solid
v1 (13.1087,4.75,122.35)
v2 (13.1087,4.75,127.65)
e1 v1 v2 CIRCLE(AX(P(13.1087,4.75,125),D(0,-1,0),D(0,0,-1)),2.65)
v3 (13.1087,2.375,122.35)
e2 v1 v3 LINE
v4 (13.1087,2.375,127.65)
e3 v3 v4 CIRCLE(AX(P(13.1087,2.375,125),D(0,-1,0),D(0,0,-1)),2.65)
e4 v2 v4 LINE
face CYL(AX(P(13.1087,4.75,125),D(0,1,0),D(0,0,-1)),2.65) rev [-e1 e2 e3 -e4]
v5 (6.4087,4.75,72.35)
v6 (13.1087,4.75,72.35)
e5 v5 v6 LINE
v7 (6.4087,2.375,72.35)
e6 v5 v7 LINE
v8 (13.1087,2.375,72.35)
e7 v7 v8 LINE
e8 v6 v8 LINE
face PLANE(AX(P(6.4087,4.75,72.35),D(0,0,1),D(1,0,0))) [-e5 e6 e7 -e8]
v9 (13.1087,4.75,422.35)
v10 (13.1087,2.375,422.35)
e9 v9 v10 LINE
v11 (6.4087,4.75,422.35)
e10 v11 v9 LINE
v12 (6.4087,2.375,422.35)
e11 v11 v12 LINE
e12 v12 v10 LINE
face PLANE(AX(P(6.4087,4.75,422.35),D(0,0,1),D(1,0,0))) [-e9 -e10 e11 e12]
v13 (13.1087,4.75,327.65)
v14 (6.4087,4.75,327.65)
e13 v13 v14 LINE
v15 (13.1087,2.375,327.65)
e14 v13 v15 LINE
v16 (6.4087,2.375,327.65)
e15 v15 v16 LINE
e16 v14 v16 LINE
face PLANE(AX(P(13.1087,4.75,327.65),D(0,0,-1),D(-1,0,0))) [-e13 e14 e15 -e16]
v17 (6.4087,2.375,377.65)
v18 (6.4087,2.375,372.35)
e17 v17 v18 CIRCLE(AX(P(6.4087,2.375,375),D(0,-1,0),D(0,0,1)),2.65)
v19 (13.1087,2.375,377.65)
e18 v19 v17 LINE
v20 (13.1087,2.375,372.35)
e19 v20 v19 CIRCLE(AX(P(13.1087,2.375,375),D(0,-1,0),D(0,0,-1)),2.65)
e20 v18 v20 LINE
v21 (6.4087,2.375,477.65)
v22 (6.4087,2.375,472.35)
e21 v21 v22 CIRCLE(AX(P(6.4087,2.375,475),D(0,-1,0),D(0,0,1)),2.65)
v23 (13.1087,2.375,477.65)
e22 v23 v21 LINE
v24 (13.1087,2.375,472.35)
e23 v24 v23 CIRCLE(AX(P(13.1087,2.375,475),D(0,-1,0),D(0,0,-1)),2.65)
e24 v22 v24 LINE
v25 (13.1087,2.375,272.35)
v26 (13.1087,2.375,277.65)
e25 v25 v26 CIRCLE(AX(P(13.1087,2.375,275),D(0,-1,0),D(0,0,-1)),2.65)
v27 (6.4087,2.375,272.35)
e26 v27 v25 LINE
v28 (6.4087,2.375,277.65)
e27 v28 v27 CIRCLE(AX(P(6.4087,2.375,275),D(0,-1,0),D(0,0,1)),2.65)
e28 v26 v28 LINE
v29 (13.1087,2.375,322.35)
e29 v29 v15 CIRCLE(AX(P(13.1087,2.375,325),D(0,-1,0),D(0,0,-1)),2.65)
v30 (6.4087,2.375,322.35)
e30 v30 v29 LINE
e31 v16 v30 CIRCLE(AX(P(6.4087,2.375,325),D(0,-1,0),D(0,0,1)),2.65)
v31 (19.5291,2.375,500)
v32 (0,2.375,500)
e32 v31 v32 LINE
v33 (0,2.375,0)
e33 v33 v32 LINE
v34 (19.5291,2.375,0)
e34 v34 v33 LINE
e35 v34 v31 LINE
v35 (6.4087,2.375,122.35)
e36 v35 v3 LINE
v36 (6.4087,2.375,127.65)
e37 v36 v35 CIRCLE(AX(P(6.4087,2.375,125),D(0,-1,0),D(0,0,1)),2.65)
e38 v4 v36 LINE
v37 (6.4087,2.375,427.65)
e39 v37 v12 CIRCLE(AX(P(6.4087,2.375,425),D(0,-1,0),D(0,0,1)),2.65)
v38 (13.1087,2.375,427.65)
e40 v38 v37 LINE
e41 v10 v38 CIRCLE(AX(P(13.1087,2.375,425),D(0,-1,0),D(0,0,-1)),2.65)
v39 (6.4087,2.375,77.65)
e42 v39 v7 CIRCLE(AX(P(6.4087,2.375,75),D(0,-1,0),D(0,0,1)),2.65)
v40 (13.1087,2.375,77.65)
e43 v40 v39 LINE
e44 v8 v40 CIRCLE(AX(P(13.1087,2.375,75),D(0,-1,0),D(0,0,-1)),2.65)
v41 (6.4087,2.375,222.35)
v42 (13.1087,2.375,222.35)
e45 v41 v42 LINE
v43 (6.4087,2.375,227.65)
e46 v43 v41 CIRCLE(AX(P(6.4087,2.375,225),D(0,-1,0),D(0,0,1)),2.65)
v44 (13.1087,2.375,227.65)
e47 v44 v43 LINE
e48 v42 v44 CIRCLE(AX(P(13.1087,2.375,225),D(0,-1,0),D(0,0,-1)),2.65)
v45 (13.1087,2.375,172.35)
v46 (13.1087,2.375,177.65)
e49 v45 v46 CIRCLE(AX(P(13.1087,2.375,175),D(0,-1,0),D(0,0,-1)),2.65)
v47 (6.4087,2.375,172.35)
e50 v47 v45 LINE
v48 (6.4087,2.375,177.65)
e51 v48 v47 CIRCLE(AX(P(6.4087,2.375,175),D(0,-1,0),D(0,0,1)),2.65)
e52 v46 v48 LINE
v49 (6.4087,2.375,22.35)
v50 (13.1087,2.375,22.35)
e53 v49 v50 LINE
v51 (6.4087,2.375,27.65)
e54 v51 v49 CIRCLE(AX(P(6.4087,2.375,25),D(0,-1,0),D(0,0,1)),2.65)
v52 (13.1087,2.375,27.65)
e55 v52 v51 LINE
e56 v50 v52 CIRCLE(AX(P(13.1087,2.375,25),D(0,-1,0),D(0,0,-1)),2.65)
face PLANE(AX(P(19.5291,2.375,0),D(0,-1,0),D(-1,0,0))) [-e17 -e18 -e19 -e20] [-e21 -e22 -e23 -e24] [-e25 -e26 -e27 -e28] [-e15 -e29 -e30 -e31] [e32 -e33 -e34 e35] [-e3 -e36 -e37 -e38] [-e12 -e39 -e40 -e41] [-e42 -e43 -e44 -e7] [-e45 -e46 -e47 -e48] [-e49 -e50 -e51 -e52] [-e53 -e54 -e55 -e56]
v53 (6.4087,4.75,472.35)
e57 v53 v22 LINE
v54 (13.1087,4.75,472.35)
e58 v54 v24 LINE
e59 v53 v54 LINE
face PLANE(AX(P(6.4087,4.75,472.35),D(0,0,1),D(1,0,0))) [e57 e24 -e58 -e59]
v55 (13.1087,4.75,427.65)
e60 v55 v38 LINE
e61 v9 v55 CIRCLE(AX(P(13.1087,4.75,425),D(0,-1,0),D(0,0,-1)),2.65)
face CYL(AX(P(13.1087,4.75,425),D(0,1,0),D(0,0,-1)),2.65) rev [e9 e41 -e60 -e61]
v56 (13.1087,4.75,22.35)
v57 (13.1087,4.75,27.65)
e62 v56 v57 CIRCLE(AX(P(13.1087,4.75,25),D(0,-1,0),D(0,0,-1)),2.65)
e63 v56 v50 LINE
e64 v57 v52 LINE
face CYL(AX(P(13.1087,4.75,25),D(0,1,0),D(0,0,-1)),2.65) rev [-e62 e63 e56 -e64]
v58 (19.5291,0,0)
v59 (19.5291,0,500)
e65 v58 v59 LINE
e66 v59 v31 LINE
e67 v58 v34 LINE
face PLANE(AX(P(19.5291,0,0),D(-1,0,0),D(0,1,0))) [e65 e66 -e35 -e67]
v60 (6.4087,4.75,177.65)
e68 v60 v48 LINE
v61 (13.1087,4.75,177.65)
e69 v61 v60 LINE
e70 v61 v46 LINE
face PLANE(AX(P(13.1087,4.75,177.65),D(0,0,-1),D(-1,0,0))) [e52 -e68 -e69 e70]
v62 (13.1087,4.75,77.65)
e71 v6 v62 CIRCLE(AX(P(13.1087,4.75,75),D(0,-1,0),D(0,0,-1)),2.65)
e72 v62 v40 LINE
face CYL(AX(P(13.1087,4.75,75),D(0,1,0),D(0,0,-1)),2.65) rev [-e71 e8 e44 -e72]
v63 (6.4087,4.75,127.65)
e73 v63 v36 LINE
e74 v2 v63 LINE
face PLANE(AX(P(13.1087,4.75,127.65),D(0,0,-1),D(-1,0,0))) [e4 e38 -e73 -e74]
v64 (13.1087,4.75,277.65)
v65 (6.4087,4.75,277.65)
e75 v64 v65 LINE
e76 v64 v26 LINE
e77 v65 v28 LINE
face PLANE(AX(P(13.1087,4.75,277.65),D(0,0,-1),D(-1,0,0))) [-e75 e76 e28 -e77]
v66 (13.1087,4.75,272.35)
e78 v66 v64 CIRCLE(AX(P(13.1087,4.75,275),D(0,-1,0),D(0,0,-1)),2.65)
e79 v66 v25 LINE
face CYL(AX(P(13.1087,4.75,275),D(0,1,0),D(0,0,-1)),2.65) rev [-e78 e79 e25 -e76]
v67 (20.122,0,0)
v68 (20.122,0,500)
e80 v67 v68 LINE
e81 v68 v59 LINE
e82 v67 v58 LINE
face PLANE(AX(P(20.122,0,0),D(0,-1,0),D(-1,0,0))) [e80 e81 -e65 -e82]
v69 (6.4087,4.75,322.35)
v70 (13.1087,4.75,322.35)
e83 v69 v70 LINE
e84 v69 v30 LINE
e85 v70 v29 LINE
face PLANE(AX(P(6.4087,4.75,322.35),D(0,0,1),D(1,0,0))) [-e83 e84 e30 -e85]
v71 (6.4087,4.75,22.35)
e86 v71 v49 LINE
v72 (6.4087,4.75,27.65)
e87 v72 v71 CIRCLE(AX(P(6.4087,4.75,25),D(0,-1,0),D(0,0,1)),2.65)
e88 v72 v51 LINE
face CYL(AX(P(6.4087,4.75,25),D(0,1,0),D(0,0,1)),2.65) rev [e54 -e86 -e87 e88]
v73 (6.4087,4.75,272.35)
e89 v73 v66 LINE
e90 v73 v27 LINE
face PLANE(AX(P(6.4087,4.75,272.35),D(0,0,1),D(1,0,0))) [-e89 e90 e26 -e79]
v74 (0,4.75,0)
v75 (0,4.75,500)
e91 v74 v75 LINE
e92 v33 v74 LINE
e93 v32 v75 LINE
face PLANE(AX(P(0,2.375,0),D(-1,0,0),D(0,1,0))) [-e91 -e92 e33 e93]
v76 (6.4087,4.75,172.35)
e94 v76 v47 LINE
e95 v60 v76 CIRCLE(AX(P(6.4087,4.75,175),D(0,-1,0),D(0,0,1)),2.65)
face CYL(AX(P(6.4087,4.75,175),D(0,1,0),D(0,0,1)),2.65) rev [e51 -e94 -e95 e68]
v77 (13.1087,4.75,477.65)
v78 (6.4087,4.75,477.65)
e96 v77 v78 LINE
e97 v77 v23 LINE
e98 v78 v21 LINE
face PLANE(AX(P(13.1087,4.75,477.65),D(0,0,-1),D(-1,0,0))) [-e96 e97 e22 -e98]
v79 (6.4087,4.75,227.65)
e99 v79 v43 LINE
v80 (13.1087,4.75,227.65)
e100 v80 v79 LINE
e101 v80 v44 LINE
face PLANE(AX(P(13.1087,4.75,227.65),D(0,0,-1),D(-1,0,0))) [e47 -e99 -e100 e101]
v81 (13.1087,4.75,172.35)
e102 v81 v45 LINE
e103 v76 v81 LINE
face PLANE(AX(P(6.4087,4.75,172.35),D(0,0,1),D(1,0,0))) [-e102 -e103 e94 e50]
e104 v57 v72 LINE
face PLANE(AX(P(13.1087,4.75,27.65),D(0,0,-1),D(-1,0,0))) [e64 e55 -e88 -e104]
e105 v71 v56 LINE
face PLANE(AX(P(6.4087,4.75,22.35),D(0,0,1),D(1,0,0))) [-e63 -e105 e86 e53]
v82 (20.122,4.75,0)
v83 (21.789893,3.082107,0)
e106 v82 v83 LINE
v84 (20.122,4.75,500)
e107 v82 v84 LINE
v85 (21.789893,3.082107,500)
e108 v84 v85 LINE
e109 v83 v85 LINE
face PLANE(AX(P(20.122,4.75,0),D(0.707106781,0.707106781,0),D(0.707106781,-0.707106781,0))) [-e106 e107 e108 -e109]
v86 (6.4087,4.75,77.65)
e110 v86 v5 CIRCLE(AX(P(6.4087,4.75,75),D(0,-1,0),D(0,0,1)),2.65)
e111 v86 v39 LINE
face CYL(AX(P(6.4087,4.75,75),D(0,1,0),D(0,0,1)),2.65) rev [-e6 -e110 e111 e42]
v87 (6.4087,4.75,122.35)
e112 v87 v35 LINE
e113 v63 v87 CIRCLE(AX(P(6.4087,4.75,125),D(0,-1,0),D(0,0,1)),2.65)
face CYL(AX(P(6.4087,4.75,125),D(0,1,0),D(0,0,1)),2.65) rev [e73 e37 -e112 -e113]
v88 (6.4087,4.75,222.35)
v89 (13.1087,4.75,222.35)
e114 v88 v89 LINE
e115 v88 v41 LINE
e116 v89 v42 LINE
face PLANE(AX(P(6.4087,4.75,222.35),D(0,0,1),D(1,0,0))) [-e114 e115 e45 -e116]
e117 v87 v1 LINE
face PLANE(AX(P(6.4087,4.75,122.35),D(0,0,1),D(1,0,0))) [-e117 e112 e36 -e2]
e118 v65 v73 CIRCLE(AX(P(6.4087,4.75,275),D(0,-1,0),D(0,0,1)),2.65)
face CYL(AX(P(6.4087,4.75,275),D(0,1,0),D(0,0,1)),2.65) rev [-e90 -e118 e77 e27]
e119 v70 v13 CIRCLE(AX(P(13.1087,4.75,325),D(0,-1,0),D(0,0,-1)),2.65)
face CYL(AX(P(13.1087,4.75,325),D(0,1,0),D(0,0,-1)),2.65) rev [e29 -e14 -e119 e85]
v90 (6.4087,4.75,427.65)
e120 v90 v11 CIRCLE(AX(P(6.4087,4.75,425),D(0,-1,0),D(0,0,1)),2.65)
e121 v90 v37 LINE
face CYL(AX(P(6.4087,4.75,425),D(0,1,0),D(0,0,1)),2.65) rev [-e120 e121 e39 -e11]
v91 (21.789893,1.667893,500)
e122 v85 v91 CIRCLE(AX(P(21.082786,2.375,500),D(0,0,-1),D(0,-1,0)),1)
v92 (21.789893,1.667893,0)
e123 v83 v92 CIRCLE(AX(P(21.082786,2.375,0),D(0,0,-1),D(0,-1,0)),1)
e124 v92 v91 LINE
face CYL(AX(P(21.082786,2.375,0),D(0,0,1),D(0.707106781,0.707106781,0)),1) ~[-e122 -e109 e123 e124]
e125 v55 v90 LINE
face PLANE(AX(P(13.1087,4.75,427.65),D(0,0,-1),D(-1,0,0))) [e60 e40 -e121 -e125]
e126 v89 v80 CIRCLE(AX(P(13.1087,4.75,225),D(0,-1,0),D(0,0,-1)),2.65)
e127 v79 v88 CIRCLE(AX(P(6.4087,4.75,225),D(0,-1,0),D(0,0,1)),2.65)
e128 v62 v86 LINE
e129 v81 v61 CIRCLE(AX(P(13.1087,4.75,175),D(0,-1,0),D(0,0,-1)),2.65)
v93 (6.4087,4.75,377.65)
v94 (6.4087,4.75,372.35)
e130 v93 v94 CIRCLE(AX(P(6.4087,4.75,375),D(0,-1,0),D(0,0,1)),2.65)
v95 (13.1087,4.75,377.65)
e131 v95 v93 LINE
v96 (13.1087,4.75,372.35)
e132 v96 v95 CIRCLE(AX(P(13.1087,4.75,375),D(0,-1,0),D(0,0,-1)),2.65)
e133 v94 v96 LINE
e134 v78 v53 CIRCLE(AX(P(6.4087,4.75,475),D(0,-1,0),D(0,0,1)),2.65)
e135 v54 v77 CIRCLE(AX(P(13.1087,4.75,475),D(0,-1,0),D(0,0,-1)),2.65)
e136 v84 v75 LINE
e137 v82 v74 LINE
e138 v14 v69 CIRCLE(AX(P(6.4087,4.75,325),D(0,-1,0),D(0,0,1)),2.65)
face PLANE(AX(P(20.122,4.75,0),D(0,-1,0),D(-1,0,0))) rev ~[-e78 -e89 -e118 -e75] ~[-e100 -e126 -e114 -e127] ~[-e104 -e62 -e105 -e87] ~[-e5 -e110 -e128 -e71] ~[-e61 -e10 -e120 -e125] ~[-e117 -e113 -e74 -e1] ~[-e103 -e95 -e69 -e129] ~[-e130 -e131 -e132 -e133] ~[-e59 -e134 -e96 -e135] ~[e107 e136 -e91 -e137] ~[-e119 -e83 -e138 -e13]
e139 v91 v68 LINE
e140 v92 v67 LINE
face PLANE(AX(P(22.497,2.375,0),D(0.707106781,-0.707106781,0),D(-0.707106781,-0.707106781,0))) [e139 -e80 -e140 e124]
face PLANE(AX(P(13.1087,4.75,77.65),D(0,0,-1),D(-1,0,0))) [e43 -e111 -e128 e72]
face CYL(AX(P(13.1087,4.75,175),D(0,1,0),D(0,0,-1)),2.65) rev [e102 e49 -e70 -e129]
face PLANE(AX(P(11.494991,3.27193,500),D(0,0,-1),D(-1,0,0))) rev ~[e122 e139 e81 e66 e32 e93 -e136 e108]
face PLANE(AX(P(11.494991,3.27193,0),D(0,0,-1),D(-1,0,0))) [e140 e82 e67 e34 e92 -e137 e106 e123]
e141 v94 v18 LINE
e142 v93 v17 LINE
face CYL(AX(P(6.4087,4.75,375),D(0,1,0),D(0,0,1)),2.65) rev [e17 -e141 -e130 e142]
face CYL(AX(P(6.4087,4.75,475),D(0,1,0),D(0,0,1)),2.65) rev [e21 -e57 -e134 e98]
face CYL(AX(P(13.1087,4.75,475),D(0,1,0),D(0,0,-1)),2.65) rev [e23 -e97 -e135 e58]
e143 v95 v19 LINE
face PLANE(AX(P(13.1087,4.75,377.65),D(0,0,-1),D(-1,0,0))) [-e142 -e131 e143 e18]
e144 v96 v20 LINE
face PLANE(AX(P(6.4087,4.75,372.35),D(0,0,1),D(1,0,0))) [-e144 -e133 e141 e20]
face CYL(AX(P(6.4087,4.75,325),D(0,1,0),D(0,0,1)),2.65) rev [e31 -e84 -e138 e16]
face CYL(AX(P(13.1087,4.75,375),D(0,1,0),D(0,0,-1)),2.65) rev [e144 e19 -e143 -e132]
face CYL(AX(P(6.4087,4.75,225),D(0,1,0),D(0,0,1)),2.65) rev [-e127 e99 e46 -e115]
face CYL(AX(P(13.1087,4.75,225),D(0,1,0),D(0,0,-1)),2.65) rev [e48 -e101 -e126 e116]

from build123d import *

# Parameters (mm, degrees)
BOSS_EXTRUDE1_DEPTH = 500
CUT_EXTRUDE1_DEPTH  = 2.375
LPATTERN1_COUNT     = 10
LPATTERN1_PITCH     = 50
FILLET1_R           = 1


with BuildPart() as part:
    # Sketch1 → Boss-Extrude1 (new body)
    with BuildSketch(Plane.XY):
        Polygon((19.5291, 2.375), (0, 2.375), (0, 4.75), (19.5291, 4.75), (20.122, 4.75), (22.497, 2.375), (20.122, 0), (19.5291, 0), align=None)
    extrude(amount=BOSS_EXTRUDE1_DEPTH)

    # Sketch2 → Cut-Extrude1 (cut)
    with BuildSketch(Plane(origin=(0, 4.75, 0), x_dir=(1, 0, 0), z_dir=(0, 1, 0))):
        with BuildLine():
            Line((6.4087, -22.35), (13.1087, -22.35))
            ThreePointArc((13.1087, -22.35), (15.7587, -25), (13.1087, -27.65))
            Line((13.1087, -27.65), (6.4087, -27.65))
            ThreePointArc((6.4087, -27.65), (3.7587, -25), (6.4087, -22.35))
        make_face()
    cut_extrude1 = extrude(amount=-CUT_EXTRUDE1_DEPTH, mode=Mode.SUBTRACT)

    # LPattern1: Cut-Extrude1 ×10
    with Locations(*[(0, 0, i * LPATTERN1_PITCH) for i in range(1, LPATTERN1_COUNT)]):
        add(cut_extrude1, mode=Mode.SUBTRACT)

    # Fillet1
    fillet1_edges = [part.edges().sort_by_distance(p)[0] for p in [
        (22.497, 2.375, 250),
    ]]
    fillet(fillet1_edges, radius=FILLET1_R)


solid = part.part
